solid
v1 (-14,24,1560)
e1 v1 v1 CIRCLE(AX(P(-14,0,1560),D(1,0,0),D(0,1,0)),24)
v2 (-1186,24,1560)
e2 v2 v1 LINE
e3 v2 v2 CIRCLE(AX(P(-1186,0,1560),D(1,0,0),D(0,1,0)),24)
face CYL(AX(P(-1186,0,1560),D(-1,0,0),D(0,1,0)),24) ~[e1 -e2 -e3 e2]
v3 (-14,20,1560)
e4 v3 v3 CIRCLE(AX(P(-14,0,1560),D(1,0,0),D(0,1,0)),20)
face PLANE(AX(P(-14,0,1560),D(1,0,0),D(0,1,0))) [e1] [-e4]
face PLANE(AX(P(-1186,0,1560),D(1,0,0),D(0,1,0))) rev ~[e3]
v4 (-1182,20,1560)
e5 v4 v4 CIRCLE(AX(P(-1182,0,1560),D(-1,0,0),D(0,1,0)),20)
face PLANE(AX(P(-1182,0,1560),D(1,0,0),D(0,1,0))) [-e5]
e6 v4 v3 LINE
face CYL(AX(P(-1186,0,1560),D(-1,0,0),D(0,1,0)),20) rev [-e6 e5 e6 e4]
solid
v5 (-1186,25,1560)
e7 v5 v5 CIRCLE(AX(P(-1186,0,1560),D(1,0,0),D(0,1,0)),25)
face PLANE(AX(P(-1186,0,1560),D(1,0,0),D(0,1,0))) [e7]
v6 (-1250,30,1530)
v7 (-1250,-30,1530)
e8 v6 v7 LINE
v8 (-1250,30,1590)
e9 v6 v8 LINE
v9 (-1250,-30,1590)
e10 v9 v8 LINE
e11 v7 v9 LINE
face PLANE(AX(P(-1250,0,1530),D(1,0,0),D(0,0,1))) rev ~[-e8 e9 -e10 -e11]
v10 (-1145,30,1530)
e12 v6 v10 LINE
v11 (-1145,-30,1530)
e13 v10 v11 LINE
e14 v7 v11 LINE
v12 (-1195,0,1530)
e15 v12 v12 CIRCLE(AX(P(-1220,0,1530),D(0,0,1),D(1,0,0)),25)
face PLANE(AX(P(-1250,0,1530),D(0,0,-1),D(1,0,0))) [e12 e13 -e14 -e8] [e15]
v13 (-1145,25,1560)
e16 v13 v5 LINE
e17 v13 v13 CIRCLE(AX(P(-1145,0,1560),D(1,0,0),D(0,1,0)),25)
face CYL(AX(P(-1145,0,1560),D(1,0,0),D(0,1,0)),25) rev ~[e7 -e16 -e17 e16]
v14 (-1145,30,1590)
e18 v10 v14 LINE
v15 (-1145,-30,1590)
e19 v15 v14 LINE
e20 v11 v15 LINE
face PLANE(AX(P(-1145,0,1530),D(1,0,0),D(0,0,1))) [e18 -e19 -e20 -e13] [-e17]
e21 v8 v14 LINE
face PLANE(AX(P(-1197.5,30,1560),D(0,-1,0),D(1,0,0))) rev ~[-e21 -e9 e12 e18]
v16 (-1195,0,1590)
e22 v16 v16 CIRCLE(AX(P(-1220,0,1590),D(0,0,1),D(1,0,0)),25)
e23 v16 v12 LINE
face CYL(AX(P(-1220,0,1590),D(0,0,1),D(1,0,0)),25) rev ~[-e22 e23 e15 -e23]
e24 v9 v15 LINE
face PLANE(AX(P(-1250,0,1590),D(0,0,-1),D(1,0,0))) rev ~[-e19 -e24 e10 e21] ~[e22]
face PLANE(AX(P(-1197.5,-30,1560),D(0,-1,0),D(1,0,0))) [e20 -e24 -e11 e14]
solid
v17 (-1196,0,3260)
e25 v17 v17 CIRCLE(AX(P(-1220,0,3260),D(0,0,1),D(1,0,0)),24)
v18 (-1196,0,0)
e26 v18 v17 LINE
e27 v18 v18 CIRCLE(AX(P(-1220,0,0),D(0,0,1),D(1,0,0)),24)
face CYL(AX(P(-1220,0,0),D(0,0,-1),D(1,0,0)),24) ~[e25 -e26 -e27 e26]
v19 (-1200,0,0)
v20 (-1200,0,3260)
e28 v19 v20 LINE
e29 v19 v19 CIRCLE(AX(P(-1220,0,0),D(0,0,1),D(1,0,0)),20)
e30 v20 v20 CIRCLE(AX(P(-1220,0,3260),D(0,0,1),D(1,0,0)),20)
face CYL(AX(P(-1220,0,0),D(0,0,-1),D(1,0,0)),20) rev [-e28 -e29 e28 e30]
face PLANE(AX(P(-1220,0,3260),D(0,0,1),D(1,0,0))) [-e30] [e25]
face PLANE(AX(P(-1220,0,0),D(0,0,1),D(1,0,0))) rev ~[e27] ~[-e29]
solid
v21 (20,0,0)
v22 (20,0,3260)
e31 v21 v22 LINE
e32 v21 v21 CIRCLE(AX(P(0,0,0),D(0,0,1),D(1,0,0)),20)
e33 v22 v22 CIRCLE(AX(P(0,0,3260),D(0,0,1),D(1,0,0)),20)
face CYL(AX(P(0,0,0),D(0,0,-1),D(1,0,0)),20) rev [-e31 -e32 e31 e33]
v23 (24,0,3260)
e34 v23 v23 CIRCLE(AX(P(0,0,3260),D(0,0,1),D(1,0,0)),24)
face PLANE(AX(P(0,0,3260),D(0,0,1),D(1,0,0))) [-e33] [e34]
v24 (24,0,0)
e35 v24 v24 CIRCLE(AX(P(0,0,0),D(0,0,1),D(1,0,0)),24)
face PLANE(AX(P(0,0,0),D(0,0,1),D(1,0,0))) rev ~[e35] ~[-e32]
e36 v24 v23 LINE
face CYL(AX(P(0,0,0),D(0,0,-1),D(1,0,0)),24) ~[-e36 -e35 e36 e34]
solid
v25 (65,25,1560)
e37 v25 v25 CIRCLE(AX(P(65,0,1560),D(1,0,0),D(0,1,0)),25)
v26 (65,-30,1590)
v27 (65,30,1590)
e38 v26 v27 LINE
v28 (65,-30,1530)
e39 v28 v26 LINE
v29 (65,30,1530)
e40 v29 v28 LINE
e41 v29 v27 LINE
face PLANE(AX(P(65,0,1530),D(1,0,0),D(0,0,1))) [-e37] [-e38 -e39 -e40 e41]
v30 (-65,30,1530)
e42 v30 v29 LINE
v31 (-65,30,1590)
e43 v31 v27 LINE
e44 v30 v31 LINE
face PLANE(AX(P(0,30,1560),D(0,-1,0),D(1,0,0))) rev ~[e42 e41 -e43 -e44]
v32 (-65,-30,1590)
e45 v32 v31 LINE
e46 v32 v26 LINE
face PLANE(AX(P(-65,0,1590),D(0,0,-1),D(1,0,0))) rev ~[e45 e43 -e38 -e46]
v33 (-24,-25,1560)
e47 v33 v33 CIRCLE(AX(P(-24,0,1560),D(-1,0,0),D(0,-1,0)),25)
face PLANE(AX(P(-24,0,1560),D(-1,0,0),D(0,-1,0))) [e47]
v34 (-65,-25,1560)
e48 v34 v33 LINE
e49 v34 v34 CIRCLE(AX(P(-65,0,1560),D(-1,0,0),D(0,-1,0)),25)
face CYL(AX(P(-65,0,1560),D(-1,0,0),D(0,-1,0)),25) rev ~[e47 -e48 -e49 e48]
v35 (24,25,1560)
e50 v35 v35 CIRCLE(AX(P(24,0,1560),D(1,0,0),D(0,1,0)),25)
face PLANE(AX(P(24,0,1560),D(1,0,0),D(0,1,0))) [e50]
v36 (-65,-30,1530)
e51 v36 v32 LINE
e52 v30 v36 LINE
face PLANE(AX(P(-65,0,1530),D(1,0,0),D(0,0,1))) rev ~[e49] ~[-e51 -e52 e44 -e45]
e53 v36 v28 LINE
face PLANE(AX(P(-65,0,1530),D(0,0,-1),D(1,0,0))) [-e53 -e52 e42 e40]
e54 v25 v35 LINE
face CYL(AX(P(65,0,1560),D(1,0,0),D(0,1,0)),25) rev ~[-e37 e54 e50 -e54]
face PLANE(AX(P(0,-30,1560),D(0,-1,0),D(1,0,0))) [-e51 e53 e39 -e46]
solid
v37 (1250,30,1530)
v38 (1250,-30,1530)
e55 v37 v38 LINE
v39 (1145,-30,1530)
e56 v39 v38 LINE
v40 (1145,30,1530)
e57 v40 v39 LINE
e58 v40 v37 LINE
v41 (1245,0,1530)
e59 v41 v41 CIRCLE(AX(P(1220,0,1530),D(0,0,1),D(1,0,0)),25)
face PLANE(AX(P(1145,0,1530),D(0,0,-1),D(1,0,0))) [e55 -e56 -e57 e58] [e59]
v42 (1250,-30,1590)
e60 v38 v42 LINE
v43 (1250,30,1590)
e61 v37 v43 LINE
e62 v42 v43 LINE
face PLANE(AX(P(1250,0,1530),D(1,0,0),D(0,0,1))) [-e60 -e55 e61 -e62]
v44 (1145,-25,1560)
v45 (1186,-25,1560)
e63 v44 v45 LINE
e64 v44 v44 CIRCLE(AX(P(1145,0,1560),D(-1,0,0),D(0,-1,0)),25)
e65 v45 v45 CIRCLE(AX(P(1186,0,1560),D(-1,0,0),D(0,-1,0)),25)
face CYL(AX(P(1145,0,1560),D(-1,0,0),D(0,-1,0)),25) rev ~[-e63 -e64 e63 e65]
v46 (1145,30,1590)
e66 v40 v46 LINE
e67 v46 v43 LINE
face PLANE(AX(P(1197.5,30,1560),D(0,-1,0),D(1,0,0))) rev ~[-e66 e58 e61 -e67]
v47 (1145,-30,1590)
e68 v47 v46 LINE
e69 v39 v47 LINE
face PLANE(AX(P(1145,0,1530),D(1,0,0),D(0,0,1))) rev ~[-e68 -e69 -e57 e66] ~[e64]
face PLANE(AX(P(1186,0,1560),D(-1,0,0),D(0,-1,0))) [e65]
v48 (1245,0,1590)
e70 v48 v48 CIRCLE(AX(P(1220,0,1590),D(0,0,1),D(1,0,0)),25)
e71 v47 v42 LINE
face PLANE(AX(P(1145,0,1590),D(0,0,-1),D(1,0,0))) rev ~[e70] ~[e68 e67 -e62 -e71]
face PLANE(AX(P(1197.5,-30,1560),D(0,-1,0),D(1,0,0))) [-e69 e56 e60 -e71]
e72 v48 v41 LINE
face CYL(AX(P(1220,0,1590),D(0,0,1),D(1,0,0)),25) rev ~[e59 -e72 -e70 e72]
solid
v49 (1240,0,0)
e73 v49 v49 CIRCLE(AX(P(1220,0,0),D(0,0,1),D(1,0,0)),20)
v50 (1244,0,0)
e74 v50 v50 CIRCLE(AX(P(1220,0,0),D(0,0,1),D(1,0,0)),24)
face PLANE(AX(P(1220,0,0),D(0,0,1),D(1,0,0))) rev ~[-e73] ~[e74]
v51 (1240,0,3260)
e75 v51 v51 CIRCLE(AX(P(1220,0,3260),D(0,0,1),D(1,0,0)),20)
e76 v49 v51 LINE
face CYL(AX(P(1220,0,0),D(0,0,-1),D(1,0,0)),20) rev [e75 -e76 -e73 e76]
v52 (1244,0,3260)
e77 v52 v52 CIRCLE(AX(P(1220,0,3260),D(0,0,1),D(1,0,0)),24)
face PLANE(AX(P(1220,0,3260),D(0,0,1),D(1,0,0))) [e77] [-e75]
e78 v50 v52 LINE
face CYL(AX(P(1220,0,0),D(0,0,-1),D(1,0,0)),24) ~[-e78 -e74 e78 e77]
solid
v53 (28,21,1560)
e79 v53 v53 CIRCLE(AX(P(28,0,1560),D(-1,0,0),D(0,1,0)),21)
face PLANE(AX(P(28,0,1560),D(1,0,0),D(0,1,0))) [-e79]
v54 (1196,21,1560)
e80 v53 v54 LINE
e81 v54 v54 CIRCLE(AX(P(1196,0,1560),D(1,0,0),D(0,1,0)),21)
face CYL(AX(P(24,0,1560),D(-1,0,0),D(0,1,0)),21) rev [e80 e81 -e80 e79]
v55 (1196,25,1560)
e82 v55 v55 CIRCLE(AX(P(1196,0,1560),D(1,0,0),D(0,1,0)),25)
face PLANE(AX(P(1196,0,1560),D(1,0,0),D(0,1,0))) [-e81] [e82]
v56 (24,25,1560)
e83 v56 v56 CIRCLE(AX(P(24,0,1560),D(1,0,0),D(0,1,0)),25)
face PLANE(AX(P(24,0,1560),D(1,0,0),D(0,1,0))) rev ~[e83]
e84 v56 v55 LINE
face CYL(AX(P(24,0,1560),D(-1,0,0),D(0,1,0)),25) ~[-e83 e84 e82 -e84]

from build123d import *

# Parameters (mm, degrees)
F0_R          = 24
F0_R_2        = 20
F1_DEPTH      = 3260
F2_W          = 130
F2_H          = 60
F3_DEPTH      = 30
F3_DEPTH_BACK = 30
F2_W_2        = 105
F4_R          = 25
F5_DEPTH      = 60
F9_R          = 25
F10_DEPTH     = 41
F8_R          = 25
F11_DEPTH     = 41
F7_R          = 25
F12_DEPTH     = 41
F6_R          = 25
F13_DEPTH     = 41
F14_R         = 24
F15_DEPTH     = 1172
F16_DEPTH     = 1172
F17_T         = -4
F18_T         = -4


with BuildPart() as f1:
    # F0 (on Top) → F1 (new body)
    with BuildSketch(Plane.XY):
        Circle(F0_R)
        Circle(F0_R_2, mode=Mode.SUBTRACT)
    extrude(amount=F1_DEPTH)


with BuildPart() as f1b:
    # F0 (on Top) → F1, piece 2 (new body)
    with BuildSketch(Plane.XY):
        with Locations((-1220, 0)):
            Circle(F0_R)
        with Locations((-1220, 0)):
            Circle(F0_R_2, mode=Mode.SUBTRACT)
    extrude(amount=F1_DEPTH)


with BuildPart() as f1c:
    # F0 (on Top) → F1, piece 3 (new body)
    with BuildSketch(Plane.XY):
        with Locations((1220, 0)):
            Circle(F0_R)
        with Locations((1220, 0)):
            Circle(F0_R_2, mode=Mode.SUBTRACT)
    extrude(amount=F1_DEPTH)


with BuildPart() as f3:
    # F2 (on Front) → F3 (new body, two sides)
    with BuildSketch(Plane.XZ) as f3_sk:
        with Locations((0, 1560)):
            Rectangle(F2_W, F2_H)
    extrude(amount=F3_DEPTH)
    extrude(f3_sk.sketch, amount=-F3_DEPTH_BACK)

    # F9 (on face) → F10 (cut)
    with BuildSketch(Plane.YZ.offset(65)):
        with Locations((0, 1560)):
            Circle(F9_R)
    extrude(amount=-F10_DEPTH, mode=Mode.SUBTRACT)

    # F7 (on face) → F12 (cut)
    with BuildSketch(Plane(origin=(-65, 0, 0), x_dir=(0, -1, 0), z_dir=(-1, 0, 0))):
        with Locations((0, 1560)):
            Circle(F7_R)
    extrude(amount=-F12_DEPTH, mode=Mode.SUBTRACT)


with BuildPart() as f3b:
    # F2 (on Front) → F3, piece 2 (new body, two sides)
    with BuildSketch(Plane.XZ) as f3_2_sk:
        with Locations((-1197.5, 1560)):
            Rectangle(F2_W_2, F2_H)
    extrude(amount=F3_DEPTH)
    extrude(f3_2_sk.sketch, amount=-F3_DEPTH_BACK)


with BuildPart() as f3c:
    # F2 (on Front) → F3, piece 3 (new body, two sides)
    with BuildSketch(Plane.XZ) as f3_3_sk:
        with Locations((1197.5, 1560)):
            Rectangle(F2_W_2, F2_H)
    extrude(amount=F3_DEPTH)
    extrude(f3_3_sk.sketch, amount=-F3_DEPTH_BACK)


with BuildPart() as f5_tool:
    # F4 (on face) → F5 (new body)
    with BuildSketch(Plane.XY.offset(1590)):
        with Locations((-1220, 0)):
            Circle(F4_R)
        with Locations((1220, 0)):
            Circle(F4_R)
    extrude(amount=-F5_DEPTH)


with BuildPart() as f3b_1:
    add(f3b.part)

    # F5: cut by f5_tool
    add(f5_tool.part, mode=Mode.SUBTRACT)

    # F6 (on face) → F13 (cut)
    with BuildSketch(Plane.YZ.offset(-1145)):
        with Locations((0, 1560)):
            Circle(F6_R)
    extrude(amount=-F13_DEPTH, mode=Mode.SUBTRACT)


with BuildPart() as f3c_1:
    add(f3c.part)

    # F5: cut by f5_tool
    add(f5_tool.part, mode=Mode.SUBTRACT)

    # F8 (on face) → F11 (cut)
    with BuildSketch(Plane(origin=(1145, 0, 0), x_dir=(0, -1, 0), z_dir=(-1, 0, 0))):
        with Locations((0, 1560)):
            Circle(F8_R)
    extrude(amount=-F11_DEPTH, mode=Mode.SUBTRACT)


with BuildPart() as f15:
    # F14 (on face) → F15 (new body)
    with BuildSketch(Plane.YZ.offset(-1186)):
        with Locations((0, 1560)):
            Circle(F14_R)
    extrude(amount=F15_DEPTH)

    # F17
    f17_openings = [f15.faces().sort_by_distance(p)[0] for p in [
        (-14, 0, 1560),
    ]]
    offset(amount=F17_T, openings=f17_openings)


with BuildPart() as f16:
    # F16 (new): a face of the model
    f16_faces = [f3.part.faces().sort_by_distance(p)[0] for p in [
        (24, 0, 1560),
    ]]
    extrude(f16_faces, amount=F16_DEPTH)

    # F18
    f18_openings = [f16.faces().sort_by_distance(p)[0] for p in [
        (1196, 0, 1560),
    ]]
    offset(amount=F18_T, openings=f18_openings)


solid = Compound([f1.part, f1b.part, f1c.part, f3.part, f3b_1.part, f3c_1.part, f15.part, f16.part])
